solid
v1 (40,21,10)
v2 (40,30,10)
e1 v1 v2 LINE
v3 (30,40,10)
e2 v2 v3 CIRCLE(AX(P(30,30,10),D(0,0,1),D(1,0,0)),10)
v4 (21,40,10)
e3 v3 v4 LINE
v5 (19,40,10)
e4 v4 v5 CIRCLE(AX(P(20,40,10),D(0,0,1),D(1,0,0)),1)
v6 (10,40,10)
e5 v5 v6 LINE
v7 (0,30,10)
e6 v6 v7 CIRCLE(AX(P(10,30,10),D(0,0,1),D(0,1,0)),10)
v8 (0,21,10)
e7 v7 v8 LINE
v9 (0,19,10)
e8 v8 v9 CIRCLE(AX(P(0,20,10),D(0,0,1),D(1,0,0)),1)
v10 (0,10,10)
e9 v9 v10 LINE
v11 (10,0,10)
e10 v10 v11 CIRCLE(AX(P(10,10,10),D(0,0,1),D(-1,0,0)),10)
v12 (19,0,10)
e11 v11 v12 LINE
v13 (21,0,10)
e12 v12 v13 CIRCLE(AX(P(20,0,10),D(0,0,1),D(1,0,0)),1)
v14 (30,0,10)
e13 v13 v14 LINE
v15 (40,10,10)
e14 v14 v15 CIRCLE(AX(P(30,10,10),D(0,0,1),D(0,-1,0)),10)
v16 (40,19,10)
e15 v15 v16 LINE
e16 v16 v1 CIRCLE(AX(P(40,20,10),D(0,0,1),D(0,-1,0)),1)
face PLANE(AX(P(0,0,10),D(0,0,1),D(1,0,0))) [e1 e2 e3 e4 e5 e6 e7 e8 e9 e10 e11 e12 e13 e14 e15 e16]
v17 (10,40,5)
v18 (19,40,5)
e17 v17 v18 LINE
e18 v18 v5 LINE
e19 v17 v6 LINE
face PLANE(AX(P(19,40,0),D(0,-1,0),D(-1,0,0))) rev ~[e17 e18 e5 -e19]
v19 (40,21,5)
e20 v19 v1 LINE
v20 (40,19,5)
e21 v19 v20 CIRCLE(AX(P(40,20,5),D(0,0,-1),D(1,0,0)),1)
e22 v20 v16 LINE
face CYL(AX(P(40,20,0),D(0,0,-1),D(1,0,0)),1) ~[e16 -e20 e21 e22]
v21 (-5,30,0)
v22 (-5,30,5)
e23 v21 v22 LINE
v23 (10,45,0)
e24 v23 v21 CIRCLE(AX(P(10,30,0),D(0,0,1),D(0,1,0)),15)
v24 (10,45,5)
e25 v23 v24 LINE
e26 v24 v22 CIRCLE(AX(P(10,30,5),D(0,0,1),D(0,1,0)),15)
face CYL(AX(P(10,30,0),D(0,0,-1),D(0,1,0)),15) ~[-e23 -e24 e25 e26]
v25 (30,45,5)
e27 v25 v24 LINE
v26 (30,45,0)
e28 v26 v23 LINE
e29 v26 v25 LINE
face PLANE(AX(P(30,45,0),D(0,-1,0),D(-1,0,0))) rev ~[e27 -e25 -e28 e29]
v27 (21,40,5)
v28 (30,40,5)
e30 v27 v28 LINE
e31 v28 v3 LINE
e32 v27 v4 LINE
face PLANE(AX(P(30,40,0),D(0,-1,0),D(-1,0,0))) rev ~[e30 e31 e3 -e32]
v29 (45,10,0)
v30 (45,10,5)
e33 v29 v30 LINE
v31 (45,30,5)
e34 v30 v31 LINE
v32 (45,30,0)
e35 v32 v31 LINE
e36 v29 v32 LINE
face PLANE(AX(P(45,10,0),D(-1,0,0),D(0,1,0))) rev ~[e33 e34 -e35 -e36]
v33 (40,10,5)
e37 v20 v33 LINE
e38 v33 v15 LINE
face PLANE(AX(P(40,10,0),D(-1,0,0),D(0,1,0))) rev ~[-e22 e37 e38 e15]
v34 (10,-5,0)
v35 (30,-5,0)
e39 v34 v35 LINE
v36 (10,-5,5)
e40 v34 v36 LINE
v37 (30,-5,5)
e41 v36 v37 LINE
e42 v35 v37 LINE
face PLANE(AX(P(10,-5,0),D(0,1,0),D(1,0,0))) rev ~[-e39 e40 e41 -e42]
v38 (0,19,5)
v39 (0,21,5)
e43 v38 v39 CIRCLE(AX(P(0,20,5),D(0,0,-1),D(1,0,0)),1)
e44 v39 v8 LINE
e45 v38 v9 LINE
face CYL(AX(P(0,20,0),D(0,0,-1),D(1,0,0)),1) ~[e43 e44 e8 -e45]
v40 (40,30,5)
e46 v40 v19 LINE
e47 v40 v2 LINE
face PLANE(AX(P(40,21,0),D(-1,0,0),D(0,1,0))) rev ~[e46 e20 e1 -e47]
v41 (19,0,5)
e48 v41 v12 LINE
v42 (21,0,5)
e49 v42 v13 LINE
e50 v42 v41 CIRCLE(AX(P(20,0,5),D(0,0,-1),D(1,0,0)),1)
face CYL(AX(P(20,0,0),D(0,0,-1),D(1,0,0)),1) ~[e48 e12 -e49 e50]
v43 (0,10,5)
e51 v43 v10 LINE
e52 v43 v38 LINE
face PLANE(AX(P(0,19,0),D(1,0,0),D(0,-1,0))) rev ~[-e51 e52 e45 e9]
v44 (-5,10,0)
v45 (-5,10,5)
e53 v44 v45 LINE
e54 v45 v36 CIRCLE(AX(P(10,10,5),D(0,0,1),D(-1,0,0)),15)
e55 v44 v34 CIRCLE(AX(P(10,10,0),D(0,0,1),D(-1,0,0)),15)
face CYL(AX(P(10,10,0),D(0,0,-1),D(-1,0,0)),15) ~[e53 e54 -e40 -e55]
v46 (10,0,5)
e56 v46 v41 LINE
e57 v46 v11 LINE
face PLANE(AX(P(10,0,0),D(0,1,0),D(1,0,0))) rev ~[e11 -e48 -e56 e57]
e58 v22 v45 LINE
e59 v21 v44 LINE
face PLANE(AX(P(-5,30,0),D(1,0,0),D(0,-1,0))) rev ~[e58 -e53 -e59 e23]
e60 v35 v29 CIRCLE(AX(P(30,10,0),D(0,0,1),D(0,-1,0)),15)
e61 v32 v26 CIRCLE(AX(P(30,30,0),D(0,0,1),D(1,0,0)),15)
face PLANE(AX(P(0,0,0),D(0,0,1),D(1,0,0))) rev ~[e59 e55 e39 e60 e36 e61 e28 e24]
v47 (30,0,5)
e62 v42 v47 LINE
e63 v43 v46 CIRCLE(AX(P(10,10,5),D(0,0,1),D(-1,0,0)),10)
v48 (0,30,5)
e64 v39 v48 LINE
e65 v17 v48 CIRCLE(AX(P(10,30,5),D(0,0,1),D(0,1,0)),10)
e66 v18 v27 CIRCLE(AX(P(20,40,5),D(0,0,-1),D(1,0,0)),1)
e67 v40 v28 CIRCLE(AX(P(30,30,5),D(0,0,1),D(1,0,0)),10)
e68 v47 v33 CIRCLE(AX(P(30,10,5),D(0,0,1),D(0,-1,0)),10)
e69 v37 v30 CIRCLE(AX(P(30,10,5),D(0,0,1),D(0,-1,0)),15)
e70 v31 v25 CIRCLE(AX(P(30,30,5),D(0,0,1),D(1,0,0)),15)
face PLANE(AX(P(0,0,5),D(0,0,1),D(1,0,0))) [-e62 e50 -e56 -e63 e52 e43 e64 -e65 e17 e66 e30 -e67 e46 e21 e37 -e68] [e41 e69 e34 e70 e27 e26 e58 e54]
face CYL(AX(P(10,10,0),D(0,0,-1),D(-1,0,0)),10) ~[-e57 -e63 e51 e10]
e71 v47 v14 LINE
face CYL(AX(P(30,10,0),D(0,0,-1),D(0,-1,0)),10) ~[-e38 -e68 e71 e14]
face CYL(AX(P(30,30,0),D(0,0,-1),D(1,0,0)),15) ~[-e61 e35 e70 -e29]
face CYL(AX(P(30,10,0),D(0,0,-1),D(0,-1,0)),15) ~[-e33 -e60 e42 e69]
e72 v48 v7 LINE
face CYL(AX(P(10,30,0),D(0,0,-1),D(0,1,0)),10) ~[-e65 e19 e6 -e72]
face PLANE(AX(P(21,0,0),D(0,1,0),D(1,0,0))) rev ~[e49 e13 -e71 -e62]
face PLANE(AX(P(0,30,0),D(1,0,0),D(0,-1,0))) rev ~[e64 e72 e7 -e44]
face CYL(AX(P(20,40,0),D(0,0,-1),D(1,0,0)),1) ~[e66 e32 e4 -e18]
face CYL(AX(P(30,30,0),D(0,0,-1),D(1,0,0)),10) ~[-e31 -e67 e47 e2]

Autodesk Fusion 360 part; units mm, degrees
sketch "Sketch1" plane through (0, 0, 0) normal (0, 0, 1) x (1, 0, 0)
  line L0 (10, 0) -> (30, 0)
  line L1 (40, 10) -> (40, 30)
  line L2 (30, 40) -> (10, 40)
  line L3 (0, 30) -> (0, 10)
  line L4 (10, -5) -> (30, -5)
  line L5 (45, 10) -> (45, 30)
  line L6 (30, 45) -> (10, 45)
  line L7 (-5, 30) -> (-5, 10)
  arc A0 (10, 40) -> (0, 30) centre (10, 30) ccw
  arc A1 (40, 30) -> (30, 40) centre (30, 30) ccw
  arc A2 (30, 0) -> (40, 10) centre (30, 10) ccw
  arc A3 (0, 10) -> (10, 0) centre (10, 10) ccw
  arc A4 (45, 30) -> (30, 45) centre (30, 30) ccw
  arc A5 (30, -5) -> (45, 10) centre (30, 10) ccw
  arc A6 (-5, 10) -> (10, -5) centre (10, 10) ccw
  arc A7 (10, 45) -> (-5, 30) centre (10, 30) ccw
  circle A8 centre (20, 0) radius 1
  circle A9 centre (40, 20) radius 1
  circle A10 centre (20, 40) radius 1
  circle A11 centre (0, 20) radius 1
  point P0 (40, 0)
  point P1 (0, 40)
  dimension "d1" = 40
  dimension "d2" = 40
  dimension "d3" = 10
  dimension "d4" = 15
extrude "Extrude1" add sketch "Sketch1" along normal blind 10 contours L0 L1 L2 L3 A0 A1 A2 A3 A8 A9 A10 A11 | L0 A8 | L0 A8 | L1 A9 | L1 A9 | L3 A11 | L3 A11 | L2 A10 | L2 A10
extrude "Extrude2" add sketch "Sketch1" along normal blind 5 contours L0 A8 | L1 A9 | L3 A11 | L2 A10 | L4 L5 L6 L7 A4 A5 A6 A7 picked at (19.774, -0.5035) picked at (40.3032, 20.1385) picked at (-0.4549, 20.2371) picked at (20.2754, 40.3843)
